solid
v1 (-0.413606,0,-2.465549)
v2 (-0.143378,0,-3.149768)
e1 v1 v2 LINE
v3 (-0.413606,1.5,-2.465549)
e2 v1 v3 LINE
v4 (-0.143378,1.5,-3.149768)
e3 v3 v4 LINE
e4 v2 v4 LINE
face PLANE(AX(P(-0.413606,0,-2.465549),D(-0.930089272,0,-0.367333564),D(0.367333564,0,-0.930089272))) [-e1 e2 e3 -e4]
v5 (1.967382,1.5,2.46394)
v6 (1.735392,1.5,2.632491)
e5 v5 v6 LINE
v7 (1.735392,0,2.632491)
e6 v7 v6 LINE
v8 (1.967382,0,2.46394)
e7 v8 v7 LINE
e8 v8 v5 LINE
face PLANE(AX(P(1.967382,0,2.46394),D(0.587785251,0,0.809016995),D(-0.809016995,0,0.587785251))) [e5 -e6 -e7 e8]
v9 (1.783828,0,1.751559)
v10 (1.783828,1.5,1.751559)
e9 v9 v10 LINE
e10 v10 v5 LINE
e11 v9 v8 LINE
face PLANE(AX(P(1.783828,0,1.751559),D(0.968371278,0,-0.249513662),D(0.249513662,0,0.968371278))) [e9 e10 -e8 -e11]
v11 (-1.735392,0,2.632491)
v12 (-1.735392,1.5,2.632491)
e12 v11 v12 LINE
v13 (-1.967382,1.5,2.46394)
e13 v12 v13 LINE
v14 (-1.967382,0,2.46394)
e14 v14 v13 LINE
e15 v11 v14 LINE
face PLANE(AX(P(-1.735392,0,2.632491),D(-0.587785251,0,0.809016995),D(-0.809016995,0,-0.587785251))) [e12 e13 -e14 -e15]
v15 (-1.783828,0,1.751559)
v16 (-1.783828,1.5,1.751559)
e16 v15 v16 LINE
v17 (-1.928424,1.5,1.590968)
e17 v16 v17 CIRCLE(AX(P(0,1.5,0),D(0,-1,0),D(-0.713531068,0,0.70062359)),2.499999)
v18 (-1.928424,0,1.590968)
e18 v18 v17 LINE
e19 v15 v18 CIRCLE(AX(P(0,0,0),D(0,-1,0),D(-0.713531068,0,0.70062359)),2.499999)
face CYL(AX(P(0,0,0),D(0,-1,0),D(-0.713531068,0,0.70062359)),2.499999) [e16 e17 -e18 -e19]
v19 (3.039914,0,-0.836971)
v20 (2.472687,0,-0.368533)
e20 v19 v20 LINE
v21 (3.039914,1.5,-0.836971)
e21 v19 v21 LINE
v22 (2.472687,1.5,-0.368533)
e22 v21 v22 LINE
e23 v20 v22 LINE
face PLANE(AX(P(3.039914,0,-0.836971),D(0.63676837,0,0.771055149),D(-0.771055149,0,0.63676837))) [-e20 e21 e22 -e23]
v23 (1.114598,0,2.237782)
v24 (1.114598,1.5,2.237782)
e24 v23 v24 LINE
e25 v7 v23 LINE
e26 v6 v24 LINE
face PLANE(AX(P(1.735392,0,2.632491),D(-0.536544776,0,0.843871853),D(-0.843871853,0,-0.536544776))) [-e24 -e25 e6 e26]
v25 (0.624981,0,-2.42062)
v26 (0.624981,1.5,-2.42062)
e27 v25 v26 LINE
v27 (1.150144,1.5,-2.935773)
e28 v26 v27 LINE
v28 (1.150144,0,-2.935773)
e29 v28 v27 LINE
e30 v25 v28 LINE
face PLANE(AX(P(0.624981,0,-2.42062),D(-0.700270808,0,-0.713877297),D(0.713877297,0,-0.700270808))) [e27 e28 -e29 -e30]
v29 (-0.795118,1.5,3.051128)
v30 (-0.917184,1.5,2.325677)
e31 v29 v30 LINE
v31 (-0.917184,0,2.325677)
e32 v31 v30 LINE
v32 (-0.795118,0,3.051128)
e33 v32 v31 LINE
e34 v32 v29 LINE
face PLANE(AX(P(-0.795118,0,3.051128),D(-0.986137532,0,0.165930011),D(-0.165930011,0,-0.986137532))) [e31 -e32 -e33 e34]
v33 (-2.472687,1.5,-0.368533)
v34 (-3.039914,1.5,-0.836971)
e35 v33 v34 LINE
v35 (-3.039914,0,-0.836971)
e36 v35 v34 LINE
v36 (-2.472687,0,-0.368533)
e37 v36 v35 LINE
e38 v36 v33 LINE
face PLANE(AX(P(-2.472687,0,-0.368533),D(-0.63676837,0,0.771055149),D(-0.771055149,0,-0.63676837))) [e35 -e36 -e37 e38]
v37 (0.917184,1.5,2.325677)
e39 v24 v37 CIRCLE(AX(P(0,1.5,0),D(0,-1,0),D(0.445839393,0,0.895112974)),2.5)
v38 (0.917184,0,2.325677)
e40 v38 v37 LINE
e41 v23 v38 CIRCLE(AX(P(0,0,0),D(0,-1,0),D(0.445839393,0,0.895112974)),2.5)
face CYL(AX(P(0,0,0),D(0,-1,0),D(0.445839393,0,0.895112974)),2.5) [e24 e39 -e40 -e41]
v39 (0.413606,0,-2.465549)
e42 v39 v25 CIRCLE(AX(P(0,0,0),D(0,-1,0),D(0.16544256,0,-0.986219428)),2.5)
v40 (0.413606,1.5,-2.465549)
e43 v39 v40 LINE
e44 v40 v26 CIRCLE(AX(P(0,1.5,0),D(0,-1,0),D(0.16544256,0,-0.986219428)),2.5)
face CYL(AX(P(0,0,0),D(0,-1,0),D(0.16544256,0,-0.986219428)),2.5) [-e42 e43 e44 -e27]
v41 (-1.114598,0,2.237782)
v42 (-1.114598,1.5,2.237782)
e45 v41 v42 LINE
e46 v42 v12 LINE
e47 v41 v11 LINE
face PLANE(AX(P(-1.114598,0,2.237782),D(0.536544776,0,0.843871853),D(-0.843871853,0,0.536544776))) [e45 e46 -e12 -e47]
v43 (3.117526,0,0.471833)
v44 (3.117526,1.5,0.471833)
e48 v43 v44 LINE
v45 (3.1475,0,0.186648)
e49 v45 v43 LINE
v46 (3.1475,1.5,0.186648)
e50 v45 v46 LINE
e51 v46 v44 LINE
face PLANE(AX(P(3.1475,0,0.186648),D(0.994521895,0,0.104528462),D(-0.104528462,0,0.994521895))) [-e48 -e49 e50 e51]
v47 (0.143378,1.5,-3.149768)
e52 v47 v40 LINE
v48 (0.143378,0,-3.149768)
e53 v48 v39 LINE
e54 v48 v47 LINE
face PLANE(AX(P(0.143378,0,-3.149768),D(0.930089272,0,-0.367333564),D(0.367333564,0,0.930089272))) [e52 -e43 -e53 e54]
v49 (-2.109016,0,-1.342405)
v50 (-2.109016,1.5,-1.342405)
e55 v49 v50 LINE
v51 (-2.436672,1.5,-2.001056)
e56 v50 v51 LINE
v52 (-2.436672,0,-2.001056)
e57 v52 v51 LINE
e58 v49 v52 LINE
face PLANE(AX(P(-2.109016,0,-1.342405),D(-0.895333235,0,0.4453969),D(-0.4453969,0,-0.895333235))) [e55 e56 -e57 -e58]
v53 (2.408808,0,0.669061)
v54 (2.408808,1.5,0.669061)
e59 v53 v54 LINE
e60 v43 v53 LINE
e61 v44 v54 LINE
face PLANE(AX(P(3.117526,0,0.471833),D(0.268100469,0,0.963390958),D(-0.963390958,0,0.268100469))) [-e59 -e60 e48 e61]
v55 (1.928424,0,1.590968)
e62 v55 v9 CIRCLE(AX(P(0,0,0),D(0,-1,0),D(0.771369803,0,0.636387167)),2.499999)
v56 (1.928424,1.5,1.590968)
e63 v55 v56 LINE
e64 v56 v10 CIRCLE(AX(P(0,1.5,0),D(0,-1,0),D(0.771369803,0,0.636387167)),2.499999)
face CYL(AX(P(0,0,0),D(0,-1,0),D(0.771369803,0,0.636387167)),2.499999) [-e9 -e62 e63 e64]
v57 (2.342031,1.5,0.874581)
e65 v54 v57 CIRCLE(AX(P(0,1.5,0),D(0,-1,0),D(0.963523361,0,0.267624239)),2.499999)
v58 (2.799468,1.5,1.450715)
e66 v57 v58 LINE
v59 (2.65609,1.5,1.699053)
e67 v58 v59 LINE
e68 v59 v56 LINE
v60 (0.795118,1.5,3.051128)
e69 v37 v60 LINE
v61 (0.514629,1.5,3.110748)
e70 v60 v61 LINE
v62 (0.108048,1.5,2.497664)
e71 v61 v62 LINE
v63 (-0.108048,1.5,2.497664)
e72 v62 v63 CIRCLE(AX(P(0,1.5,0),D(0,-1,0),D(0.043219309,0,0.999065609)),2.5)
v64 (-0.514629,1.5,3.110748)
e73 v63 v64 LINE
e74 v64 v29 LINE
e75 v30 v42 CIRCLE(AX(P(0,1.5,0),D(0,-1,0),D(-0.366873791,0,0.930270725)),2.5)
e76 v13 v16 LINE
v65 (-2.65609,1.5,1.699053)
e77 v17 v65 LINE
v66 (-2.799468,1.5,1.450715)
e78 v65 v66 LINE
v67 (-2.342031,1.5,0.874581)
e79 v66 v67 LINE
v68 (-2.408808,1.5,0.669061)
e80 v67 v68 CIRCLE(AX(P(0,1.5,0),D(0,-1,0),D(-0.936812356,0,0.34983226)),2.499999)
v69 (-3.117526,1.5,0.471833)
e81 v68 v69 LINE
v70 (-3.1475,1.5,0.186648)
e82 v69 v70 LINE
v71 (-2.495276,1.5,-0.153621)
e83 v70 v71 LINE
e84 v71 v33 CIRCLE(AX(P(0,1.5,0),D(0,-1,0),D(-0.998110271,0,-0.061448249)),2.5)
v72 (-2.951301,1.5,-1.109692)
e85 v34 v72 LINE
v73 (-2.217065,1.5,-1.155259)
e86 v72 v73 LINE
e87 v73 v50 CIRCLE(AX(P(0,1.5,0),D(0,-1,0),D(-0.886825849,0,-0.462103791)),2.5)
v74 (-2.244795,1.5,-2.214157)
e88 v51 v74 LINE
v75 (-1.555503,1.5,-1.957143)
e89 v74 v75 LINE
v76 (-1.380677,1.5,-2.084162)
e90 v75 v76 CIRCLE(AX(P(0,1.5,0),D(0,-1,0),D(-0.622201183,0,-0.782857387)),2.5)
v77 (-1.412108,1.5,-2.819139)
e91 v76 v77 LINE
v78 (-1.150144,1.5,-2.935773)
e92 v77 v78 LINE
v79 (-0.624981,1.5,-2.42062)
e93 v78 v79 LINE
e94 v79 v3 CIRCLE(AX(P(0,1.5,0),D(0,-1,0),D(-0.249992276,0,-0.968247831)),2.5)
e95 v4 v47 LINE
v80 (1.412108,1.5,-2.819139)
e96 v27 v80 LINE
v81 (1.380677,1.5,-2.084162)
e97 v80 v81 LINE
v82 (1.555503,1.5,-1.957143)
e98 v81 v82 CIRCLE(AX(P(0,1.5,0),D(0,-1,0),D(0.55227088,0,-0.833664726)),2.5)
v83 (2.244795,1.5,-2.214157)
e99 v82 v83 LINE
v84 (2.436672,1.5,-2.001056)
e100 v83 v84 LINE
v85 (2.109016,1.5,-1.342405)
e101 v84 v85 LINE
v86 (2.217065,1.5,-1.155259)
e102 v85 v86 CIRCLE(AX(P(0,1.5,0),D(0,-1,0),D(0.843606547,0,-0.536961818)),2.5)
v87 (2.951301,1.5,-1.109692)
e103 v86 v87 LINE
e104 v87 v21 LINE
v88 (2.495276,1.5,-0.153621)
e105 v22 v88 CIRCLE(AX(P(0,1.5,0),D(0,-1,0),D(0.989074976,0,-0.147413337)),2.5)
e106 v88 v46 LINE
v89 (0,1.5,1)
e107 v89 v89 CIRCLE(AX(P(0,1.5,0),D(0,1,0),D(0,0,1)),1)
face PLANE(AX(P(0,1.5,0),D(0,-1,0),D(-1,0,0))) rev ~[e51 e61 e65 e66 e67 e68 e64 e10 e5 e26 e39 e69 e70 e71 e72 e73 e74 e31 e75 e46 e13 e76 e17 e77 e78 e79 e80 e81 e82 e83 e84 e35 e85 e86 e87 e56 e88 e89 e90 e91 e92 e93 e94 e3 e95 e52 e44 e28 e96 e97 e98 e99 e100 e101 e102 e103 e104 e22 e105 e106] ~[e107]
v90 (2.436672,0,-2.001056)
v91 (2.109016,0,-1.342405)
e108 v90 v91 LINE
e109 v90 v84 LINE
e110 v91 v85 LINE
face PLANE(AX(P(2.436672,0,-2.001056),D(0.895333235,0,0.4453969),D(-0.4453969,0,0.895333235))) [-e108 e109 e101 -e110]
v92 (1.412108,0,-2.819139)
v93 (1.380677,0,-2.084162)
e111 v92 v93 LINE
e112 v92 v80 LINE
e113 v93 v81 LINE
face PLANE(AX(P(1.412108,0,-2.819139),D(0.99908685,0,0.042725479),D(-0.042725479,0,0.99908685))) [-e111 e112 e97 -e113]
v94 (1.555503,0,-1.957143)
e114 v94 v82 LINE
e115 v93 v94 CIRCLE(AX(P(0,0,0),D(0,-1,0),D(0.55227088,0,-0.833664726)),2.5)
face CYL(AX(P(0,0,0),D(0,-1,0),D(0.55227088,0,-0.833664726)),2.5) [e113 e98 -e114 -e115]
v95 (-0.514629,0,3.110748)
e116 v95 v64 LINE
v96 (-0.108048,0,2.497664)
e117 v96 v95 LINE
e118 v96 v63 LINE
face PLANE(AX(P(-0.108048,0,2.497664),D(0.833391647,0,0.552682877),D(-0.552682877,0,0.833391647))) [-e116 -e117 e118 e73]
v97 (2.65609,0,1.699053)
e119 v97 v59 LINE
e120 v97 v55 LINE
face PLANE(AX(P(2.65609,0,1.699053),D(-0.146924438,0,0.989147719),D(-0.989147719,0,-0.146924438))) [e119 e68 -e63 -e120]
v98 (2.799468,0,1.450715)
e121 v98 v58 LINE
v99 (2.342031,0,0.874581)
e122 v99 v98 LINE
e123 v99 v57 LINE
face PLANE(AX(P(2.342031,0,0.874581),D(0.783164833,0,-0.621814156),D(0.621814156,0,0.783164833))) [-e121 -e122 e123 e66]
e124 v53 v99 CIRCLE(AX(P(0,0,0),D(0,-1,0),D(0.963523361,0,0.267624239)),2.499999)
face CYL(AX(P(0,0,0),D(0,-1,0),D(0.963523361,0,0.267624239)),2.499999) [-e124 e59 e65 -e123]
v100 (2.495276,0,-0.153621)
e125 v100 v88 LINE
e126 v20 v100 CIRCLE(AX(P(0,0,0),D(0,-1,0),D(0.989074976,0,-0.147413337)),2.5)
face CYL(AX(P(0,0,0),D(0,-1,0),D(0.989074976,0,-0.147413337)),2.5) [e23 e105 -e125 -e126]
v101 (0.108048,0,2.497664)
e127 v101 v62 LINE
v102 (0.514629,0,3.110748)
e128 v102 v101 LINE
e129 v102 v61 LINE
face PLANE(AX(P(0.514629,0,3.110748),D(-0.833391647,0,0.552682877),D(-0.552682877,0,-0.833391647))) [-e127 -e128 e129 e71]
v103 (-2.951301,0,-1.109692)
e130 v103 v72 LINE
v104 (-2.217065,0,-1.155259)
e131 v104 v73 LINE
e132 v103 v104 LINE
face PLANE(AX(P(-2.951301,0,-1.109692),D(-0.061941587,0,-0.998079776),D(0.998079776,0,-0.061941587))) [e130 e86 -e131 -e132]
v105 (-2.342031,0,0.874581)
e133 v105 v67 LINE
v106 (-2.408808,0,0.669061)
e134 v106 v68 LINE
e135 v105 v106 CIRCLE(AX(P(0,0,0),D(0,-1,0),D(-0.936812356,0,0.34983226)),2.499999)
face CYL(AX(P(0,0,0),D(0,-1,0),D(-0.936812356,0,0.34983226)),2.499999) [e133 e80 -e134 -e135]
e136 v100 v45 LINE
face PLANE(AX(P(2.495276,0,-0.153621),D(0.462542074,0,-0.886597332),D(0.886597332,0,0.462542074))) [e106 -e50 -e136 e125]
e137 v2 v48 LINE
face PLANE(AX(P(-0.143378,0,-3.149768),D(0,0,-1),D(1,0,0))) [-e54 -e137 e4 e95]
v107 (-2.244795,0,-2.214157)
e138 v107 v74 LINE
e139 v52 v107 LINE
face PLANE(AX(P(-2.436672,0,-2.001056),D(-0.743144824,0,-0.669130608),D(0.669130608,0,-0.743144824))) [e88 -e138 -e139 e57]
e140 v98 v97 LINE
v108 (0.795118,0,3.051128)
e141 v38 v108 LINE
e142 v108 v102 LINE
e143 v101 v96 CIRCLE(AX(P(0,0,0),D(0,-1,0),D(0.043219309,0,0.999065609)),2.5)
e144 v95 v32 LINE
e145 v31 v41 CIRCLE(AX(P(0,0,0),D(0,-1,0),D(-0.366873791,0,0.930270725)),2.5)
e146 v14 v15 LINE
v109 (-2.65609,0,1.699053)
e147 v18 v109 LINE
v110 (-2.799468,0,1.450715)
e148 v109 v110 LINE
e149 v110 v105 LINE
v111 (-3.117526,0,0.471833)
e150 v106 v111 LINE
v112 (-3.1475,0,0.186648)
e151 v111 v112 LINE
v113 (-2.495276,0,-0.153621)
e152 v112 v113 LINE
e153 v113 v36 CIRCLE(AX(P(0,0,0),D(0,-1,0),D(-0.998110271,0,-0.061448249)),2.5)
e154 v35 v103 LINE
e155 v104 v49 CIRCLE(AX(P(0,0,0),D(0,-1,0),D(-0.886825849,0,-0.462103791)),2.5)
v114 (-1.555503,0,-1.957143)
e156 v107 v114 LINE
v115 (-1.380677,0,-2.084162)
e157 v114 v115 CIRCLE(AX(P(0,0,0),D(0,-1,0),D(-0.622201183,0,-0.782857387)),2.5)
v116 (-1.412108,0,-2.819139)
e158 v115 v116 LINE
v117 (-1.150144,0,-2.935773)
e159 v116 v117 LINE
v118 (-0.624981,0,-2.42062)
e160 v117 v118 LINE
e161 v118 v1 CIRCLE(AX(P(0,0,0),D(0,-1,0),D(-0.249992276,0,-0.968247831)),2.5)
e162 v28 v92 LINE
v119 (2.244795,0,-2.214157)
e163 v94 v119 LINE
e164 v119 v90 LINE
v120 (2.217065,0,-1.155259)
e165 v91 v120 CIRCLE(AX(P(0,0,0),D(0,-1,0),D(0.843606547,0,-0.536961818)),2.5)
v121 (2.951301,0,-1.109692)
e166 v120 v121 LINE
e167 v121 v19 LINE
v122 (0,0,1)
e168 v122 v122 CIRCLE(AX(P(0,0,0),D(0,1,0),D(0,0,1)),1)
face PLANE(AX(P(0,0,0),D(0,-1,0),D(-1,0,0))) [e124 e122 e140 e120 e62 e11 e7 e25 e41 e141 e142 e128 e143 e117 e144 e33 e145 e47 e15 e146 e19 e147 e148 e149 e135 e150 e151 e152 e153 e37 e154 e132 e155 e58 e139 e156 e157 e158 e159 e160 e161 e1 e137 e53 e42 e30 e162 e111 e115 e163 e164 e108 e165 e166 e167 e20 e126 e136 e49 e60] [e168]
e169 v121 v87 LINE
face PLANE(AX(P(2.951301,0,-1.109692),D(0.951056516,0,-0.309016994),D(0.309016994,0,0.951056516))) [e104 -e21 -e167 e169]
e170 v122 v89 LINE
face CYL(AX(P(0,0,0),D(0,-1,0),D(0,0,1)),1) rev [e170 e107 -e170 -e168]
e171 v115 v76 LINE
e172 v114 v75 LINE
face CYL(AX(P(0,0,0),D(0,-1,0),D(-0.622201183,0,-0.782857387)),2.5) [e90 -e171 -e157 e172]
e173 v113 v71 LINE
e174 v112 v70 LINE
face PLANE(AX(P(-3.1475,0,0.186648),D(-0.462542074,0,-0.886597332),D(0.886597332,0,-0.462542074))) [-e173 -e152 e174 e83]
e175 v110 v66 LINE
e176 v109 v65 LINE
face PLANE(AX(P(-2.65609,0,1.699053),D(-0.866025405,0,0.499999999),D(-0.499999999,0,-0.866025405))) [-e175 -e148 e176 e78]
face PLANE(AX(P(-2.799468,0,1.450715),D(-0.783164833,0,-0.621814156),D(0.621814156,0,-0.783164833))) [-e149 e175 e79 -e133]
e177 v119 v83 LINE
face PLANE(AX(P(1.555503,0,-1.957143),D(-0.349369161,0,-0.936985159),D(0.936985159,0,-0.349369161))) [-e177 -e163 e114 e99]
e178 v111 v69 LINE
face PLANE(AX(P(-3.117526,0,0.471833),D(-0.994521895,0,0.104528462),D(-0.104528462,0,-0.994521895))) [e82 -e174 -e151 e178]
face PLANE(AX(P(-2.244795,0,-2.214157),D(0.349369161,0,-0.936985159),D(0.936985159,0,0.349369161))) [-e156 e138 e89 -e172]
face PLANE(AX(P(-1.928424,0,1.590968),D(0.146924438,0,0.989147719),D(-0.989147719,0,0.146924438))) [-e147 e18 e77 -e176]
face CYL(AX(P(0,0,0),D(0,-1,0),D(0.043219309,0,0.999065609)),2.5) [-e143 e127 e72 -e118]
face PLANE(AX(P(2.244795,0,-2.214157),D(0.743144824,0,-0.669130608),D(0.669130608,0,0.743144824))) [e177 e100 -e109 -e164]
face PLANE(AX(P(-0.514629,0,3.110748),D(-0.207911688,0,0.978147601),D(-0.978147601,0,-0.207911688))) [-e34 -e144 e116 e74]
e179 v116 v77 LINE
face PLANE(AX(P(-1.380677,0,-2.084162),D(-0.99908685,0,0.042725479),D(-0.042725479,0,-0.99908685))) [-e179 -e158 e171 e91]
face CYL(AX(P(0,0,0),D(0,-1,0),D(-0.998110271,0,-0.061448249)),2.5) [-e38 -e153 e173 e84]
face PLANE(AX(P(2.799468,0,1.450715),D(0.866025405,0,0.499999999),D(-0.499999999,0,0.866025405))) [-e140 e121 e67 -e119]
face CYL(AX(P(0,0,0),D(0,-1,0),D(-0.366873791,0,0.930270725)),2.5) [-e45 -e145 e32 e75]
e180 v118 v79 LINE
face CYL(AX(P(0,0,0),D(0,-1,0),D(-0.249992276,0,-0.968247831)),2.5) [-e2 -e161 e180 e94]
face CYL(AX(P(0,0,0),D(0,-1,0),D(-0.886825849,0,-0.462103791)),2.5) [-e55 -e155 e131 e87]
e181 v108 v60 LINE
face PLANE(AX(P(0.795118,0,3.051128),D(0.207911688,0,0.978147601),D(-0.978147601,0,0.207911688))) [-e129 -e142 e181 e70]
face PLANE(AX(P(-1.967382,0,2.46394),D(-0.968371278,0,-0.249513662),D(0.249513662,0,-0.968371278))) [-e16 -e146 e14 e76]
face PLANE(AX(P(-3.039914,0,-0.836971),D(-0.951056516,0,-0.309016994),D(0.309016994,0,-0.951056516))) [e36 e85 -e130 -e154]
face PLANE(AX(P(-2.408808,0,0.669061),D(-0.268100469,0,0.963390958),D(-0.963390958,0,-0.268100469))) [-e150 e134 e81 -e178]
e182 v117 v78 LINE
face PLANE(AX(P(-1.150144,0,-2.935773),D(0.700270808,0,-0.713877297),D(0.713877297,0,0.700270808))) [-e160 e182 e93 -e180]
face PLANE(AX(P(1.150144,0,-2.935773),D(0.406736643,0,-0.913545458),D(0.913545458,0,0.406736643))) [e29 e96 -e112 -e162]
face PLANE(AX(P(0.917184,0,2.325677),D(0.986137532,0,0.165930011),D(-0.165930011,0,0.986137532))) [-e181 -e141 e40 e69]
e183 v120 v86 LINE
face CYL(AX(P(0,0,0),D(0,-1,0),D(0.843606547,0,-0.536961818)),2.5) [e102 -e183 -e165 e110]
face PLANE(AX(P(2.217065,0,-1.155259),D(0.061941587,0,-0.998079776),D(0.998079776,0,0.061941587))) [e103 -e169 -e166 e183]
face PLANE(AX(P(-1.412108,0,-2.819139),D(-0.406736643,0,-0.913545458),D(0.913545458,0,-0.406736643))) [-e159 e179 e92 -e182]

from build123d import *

# Parameters (mm, degrees)
SKETCH1_R           = 1
BOSS_EXTRUDE1_DEPTH = 1.5


with BuildPart() as part:
    # Sketch1 → Boss-Extrude1 (new body)
    with BuildSketch(Plane(origin=(0, 0, 0), x_dir=(1, 0, 0), z_dir=(0, 1, 0))):
        with BuildLine():
            Line((-0.4136064, 2.465548569), (-0.143377771, 3.149767964))
            Line((-0.143377771, 3.149767964), (0.143377771, 3.149767964))
            Line((0.143377771, 3.149767964), (0.4136064, 2.465548569))
            ThreePointArc((0.4136064, 2.465548569), (0.519779227, 2.445369002), (0.6249807, 2.420619575))
            Line((0.6249807, 2.420619575), (1.150143936, 2.935773209))
            Line((1.150143936, 2.935773209), (1.41210816, 2.819139222))
            Line((1.41210816, 2.819139222), (1.380677197, 2.084161817))
            ThreePointArc((1.380677197, 2.084161817), (1.469463131, 2.022542486), (1.55550296, 1.957143465))
            Line((1.55550296, 1.957143465), (2.244795308, 2.214156596))
            Line((2.244795308, 2.214156596), (2.436672219, 2.001055698))
            Line((2.436672219, 2.001055698), (2.109016362, 1.342404553))
            ThreePointArc((2.109016362, 1.342404553), (2.165063509, 1.25), (2.217064626, 1.15525947))
            Line((2.217064626, 1.15525947), (2.951301179, 1.109692193))
            Line((2.951301179, 1.109692193), (3.039913515, 0.836971465))
            Line((3.039913515, 0.836971465), (2.472687439, 0.368533346))
            ThreePointArc((2.472687439, 0.368533346), (2.486304738, 0.261321158), (2.495275677, 0.153620618))
            Line((2.495275677, 0.153620618), (3.147500263, -0.186648072))
            Line((3.147500263, -0.186648072), (3.117526147, -0.471832738))
            Line((3.117526147, -0.471832738), (2.408808394, -0.669060624))
            ThreePointArc((2.408808394, -0.669060624), (2.377641291, -0.772542486), (2.342030895, -0.874580635))
            Line((2.342030895, -0.874580635), (2.799467958, -1.450715189))
            Line((2.799467958, -1.450715189), (2.656090187, -1.699052774))
            Line((2.656090187, -1.699052774), (1.928424495, -1.590967934))
            ThreePointArc((1.928424495, -1.590967934), (1.857862064, -1.672826516), (1.783827694, -1.75155895))
            Line((1.783827694, -1.75155895), (1.967382211, -2.463940471))
            Line((1.967382211, -2.463940471), (1.735392103, -2.63249115))
            Line((1.735392103, -2.63249115), (1.114598481, -2.237782435))
            ThreePointArc((1.114598481, -2.237782435), (1.016841608, -2.283863644), (0.91718448, -2.325676811))
            Line((0.91718448, -2.325676811), (0.795118206, -3.051128062))
            Line((0.795118206, -3.051128062), (0.51462896, -3.110747891))
            Line((0.51462896, -3.110747891), (0.108048264, -2.497664023))
            ThreePointArc((0.108048264, -2.497664023), (0, -2.5), (-0.108048264, -2.497664023))
            Line((-0.108048264, -2.497664023), (-0.51462896, -3.110747891))
            Line((-0.51462896, -3.110747891), (-0.795118206, -3.051128062))
            Line((-0.795118206, -3.051128062), (-0.91718448, -2.325676811))
            ThreePointArc((-0.91718448, -2.325676811), (-1.016841608, -2.283863644), (-1.114598481, -2.237782435))
            Line((-1.114598481, -2.237782435), (-1.735392103, -2.63249115))
            Line((-1.735392103, -2.63249115), (-1.967382211, -2.463940471))
            Line((-1.967382211, -2.463940471), (-1.783827694, -1.75155895))
            ThreePointArc((-1.783827694, -1.75155895), (-1.857862064, -1.672826516), (-1.928424495, -1.590967934))
            Line((-1.928424495, -1.590967934), (-2.656090187, -1.699052774))
            Line((-2.656090187, -1.699052774), (-2.799467958, -1.450715189))
            Line((-2.799467958, -1.450715189), (-2.342030895, -0.874580635))
            ThreePointArc((-2.342030895, -0.874580635), (-2.377641291, -0.772542486), (-2.408808394, -0.669060624))
            Line((-2.408808394, -0.669060624), (-3.117526147, -0.471832738))
            Line((-3.117526147, -0.471832738), (-3.147500263, -0.186648072))
            Line((-3.147500263, -0.186648072), (-2.495275677, 0.153620618))
            ThreePointArc((-2.495275677, 0.153620618), (-2.486304738, 0.261321158), (-2.472687439, 0.368533346))
            Line((-2.472687439, 0.368533346), (-3.039913515, 0.836971465))
            Line((-3.039913515, 0.836971465), (-2.951301179, 1.109692193))
            Line((-2.951301179, 1.109692193), (-2.217064626, 1.15525947))
            ThreePointArc((-2.217064626, 1.15525947), (-2.165063509, 1.25), (-2.109016362, 1.342404553))
            Line((-2.109016362, 1.342404553), (-2.436672219, 2.001055698))
            Line((-2.436672219, 2.001055698), (-2.244795308, 2.214156596))
            Line((-2.244795308, 2.214156596), (-1.55550296, 1.957143465))
            ThreePointArc((-1.55550296, 1.957143465), (-1.469463131, 2.022542486), (-1.380677197, 2.084161817))
            Line((-1.380677197, 2.084161817), (-1.41210816, 2.819139222))
            Line((-1.41210816, 2.819139222), (-1.150143936, 2.935773209))
            Line((-1.150143936, 2.935773209), (-0.6249807, 2.420619575))
            ThreePointArc((-0.6249807, 2.420619575), (-0.519779227, 2.445369002), (-0.4136064, 2.465548569))
        make_face()
        with Locations(Location((0, 0, 0), (0, 0, 270))):
            Circle(SKETCH1_R, mode=Mode.SUBTRACT)
    extrude(amount=BOSS_EXTRUDE1_DEPTH)


solid = part.part
